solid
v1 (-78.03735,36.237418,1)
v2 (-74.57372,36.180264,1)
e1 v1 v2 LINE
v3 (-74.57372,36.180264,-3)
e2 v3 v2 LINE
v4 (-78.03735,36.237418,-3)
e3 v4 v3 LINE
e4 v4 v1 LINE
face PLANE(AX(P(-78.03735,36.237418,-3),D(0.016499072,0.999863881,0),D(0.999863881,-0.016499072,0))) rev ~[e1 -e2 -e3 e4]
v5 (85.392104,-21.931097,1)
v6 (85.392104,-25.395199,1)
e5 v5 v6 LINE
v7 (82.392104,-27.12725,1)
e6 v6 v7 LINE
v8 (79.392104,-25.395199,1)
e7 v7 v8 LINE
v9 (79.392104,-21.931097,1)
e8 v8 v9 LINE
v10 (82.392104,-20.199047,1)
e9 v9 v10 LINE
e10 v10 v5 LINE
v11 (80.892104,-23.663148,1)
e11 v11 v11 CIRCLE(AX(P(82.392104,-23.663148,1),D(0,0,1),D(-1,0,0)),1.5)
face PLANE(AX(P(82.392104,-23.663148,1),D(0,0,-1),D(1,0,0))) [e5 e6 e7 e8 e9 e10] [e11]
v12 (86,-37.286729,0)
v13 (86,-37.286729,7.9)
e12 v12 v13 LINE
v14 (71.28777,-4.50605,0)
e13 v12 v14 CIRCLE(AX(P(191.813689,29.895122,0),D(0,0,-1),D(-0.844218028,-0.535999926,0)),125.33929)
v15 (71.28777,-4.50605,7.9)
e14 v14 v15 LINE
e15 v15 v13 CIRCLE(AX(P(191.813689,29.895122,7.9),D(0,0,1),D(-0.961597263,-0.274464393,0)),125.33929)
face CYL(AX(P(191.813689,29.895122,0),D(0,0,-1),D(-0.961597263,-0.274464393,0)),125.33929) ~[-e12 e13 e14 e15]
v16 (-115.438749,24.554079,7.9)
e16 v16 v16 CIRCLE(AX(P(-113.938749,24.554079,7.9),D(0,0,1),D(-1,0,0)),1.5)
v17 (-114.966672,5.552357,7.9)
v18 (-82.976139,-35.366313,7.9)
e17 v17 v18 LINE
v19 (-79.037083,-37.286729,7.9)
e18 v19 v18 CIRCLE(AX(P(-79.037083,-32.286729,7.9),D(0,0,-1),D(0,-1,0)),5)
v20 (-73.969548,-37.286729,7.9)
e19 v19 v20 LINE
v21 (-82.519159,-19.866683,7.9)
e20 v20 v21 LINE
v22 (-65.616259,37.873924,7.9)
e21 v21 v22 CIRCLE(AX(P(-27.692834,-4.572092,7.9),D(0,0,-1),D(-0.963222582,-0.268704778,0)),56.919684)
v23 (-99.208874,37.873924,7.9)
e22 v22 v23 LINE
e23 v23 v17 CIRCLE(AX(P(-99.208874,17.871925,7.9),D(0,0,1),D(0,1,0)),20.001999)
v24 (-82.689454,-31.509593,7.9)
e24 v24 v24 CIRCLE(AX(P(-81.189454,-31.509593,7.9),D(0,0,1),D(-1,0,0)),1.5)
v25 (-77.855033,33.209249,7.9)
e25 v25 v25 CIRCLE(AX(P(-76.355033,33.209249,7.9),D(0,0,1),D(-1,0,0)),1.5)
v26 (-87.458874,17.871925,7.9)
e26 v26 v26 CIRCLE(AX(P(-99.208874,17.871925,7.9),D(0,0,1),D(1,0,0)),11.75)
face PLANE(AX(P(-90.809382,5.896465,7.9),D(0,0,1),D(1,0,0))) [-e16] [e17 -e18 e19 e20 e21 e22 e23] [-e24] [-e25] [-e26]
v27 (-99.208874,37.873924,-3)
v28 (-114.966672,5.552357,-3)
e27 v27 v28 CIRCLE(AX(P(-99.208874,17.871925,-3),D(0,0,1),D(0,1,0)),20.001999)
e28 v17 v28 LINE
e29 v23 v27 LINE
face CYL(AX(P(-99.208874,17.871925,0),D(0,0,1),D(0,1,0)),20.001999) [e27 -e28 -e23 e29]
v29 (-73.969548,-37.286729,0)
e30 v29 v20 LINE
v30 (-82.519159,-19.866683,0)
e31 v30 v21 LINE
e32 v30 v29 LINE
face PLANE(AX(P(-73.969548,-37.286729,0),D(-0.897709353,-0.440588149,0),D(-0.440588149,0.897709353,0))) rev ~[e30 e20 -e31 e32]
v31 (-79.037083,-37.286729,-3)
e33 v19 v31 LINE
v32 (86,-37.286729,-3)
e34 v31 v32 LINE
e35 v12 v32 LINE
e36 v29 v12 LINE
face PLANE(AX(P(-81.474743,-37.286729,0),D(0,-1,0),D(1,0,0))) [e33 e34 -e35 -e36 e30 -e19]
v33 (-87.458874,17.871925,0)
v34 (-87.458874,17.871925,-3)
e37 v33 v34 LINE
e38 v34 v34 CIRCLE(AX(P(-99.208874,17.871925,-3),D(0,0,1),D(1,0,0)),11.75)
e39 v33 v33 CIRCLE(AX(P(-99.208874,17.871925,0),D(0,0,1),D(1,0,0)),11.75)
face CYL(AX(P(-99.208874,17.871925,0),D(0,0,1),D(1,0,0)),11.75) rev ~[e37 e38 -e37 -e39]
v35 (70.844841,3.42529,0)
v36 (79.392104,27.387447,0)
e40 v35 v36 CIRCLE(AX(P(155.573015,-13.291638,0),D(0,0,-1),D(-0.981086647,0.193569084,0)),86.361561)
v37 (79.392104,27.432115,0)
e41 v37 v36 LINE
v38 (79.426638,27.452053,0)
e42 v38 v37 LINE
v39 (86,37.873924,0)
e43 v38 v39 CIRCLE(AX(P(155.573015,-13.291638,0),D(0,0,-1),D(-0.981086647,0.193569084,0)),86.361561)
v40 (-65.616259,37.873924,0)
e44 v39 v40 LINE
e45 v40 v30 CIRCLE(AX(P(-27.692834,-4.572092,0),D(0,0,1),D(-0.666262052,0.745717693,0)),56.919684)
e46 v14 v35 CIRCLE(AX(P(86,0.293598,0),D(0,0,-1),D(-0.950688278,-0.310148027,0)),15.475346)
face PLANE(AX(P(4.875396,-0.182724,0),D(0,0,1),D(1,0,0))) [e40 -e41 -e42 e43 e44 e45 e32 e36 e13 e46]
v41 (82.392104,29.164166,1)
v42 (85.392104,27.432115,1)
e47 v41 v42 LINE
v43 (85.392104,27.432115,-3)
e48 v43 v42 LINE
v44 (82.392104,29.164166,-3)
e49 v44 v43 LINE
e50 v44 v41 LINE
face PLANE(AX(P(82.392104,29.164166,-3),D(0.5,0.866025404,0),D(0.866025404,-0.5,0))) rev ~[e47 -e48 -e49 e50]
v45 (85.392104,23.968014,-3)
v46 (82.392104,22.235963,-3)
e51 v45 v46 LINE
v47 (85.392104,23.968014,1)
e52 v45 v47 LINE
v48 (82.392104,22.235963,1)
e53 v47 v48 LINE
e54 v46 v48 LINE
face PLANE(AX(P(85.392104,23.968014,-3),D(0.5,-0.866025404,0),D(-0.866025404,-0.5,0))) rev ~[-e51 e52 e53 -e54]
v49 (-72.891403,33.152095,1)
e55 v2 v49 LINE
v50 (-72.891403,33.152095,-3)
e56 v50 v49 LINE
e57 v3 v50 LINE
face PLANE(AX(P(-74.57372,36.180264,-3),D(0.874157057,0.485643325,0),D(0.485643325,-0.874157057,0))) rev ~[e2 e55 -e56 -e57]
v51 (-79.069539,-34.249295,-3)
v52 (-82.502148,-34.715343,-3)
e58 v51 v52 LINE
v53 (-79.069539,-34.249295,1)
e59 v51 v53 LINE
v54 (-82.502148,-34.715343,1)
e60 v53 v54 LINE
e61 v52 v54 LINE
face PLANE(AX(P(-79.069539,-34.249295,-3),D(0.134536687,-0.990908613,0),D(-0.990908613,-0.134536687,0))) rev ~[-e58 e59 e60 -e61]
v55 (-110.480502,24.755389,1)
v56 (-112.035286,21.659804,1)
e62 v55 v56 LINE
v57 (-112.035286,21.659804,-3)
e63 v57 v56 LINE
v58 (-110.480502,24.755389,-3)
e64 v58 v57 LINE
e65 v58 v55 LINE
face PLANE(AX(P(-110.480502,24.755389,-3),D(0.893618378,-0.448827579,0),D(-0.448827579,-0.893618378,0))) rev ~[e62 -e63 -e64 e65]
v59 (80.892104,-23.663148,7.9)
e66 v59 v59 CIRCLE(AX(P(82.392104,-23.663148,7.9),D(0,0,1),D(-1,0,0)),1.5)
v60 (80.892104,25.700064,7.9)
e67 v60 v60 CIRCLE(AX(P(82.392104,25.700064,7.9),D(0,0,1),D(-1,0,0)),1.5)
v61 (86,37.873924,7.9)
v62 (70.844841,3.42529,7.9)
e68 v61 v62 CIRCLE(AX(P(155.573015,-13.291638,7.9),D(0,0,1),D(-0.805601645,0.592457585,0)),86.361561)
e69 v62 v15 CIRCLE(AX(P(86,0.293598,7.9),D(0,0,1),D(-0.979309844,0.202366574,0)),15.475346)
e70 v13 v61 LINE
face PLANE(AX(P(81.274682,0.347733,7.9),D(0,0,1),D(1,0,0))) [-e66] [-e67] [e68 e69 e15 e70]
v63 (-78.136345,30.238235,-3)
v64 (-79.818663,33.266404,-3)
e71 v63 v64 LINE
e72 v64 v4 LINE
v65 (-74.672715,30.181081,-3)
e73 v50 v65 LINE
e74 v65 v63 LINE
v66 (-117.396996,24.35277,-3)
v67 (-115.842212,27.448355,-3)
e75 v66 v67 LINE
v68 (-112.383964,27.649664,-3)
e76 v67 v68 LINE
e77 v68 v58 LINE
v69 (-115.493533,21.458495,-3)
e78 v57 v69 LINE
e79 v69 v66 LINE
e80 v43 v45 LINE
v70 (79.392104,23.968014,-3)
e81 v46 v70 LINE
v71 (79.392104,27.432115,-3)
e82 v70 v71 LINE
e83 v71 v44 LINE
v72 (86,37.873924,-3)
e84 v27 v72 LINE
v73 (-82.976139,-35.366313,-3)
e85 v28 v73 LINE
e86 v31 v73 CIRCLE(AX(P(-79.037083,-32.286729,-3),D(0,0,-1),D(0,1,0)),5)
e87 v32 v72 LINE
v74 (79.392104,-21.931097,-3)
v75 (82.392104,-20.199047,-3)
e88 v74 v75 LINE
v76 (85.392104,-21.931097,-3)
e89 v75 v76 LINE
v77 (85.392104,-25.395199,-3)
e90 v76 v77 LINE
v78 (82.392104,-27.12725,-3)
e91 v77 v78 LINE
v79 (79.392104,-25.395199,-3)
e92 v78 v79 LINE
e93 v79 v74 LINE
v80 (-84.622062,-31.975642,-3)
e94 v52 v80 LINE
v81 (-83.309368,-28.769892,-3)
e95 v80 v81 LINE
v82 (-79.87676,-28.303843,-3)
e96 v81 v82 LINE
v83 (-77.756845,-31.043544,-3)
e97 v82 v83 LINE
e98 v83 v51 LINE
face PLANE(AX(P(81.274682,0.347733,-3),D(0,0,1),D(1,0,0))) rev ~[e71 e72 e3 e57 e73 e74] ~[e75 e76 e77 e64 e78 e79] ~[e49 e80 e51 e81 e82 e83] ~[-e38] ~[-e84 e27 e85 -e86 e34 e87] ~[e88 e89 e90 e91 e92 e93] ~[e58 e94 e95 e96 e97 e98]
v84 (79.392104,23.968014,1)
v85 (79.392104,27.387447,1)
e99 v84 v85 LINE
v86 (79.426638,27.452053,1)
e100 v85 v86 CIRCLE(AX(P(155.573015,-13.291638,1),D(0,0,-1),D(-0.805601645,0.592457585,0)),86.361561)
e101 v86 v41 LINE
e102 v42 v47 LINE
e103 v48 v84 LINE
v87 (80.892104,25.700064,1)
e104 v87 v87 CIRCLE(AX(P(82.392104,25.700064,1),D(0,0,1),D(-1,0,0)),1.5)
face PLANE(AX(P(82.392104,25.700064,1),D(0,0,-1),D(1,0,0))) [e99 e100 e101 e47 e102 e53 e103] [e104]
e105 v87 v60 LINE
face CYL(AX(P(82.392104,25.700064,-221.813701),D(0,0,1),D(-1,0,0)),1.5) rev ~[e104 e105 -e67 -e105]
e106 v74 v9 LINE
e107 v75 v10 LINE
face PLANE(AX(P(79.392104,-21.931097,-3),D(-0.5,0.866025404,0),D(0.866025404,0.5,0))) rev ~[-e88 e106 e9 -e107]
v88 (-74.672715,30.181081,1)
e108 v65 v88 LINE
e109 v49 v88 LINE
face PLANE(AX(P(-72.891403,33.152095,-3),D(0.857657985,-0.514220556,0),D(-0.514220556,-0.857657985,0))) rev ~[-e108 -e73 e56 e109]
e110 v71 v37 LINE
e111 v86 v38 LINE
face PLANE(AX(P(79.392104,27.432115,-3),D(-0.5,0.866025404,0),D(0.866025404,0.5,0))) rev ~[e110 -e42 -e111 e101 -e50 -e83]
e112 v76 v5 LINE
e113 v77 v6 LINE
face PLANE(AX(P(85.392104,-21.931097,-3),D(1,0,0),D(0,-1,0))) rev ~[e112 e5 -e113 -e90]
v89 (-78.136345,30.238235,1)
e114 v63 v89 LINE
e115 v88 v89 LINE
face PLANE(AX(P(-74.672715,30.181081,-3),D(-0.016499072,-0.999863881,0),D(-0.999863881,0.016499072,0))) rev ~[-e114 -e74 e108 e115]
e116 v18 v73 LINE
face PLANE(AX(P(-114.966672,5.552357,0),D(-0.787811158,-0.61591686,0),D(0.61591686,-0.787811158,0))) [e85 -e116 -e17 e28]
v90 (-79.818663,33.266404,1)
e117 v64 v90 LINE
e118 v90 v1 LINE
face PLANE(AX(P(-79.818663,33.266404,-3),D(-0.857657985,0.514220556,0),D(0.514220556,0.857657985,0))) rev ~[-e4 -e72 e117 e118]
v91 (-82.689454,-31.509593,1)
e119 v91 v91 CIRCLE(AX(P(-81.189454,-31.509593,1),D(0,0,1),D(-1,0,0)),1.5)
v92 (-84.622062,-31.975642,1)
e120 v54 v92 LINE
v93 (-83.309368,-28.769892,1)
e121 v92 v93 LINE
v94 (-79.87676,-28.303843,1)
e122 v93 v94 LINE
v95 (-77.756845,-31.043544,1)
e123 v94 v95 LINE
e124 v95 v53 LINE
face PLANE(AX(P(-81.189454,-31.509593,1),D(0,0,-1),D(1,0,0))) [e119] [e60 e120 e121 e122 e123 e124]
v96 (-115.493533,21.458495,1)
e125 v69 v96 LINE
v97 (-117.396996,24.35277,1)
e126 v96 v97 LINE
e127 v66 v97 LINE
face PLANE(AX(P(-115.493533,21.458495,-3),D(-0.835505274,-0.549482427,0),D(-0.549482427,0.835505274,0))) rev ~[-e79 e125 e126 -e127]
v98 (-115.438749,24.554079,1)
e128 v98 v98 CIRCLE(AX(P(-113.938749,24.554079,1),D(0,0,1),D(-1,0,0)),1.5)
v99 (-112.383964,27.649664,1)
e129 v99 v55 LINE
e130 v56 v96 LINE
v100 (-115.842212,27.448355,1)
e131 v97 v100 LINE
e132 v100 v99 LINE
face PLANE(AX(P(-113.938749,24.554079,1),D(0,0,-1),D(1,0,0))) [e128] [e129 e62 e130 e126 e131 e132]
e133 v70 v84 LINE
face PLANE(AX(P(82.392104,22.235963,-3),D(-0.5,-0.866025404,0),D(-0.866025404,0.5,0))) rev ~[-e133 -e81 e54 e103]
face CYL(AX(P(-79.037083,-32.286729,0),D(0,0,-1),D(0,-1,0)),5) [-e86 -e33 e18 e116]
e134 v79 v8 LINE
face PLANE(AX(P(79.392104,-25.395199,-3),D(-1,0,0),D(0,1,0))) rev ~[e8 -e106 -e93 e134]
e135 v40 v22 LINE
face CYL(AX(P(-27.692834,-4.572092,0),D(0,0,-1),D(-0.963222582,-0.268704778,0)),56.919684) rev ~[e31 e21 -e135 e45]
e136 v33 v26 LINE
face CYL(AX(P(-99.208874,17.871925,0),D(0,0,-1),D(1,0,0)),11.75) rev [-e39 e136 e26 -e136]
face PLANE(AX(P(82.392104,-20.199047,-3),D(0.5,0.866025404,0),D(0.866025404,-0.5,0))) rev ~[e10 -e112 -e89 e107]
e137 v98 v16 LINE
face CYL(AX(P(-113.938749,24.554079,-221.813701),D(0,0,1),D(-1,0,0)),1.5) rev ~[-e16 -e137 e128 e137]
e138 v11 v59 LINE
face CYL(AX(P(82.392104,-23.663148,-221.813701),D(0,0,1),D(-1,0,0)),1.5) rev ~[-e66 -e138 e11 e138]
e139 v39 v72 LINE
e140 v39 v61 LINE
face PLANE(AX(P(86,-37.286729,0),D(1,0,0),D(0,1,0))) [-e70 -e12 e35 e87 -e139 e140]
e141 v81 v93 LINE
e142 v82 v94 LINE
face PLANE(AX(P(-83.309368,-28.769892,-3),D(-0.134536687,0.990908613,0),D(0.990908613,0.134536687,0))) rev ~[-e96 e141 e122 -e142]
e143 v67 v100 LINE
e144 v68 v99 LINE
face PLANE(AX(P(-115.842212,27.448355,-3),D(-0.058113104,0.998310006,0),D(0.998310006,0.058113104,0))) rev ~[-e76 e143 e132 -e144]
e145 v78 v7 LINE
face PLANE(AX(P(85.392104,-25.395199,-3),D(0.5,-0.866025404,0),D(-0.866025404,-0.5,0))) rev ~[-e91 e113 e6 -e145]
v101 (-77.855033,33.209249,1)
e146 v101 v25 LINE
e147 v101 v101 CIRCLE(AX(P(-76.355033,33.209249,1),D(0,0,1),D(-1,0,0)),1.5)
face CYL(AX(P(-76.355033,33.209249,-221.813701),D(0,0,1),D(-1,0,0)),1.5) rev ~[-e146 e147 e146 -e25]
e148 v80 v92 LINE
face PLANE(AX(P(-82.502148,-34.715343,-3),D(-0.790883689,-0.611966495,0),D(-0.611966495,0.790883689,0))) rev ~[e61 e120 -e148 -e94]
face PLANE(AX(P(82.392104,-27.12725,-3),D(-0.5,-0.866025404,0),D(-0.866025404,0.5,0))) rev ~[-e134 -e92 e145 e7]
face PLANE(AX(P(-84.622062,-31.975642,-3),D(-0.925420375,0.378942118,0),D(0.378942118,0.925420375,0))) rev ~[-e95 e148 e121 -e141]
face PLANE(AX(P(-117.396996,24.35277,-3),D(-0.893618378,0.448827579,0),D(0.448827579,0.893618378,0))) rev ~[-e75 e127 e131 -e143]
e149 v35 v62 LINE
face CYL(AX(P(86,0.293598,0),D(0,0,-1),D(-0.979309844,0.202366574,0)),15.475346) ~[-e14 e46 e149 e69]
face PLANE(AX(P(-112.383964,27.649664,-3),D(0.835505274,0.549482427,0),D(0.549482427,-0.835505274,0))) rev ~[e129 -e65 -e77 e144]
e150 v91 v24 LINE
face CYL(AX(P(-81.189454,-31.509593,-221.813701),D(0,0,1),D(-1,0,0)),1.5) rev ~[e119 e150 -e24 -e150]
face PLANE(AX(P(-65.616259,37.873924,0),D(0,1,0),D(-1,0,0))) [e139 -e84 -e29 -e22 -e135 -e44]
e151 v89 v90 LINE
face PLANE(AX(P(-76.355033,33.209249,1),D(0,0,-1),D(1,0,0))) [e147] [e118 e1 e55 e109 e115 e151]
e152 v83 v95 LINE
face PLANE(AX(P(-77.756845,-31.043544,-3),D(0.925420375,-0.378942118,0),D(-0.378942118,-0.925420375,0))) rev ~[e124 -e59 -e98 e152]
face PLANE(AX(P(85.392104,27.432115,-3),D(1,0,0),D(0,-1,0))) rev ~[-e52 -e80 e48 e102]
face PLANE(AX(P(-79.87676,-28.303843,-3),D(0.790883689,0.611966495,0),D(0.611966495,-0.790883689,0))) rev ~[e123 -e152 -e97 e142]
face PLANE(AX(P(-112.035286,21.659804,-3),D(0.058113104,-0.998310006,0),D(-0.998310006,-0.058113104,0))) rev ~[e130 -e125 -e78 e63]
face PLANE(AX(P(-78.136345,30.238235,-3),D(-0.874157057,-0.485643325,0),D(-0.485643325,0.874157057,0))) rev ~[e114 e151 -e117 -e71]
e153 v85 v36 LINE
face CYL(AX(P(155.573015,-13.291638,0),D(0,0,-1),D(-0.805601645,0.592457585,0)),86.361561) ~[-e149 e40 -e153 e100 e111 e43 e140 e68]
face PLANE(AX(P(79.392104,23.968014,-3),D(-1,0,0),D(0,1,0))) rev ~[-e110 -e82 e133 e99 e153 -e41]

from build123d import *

# Parameters (mm, degrees)
F2_DEPTH  = 3
F0_R      = 11.75
F3_DEPTH  = 7.9
F4_DEPTH  = 7.9
F5_DEPTH  = 3
F6_R      = 5
F6_2_R    = 5
F9_D      = 3
F10_DEPTH = 4
F11_DEPTH = 4


with BuildPart() as f2:
    # F0 (on Top) → F2 (new body)
    with BuildSketch(Plane.XY):
        with BuildLine():
            ThreePointArc((70.8448413014, 3.4252903424), (76.5230858808, 21.4851908555), (86, 37.8739237785))
            Line((86, 37.8739237785), (-65.6162592679, 37.8739237785))
            ThreePointArc((-65.6162592679, 37.8739237785), (-82.3199649398, 11.4193737584), (-82.519158721, -19.8666825891))
            Line((-82.519158721, -19.8666825891), (-73.9695476283, -37.2867286205))
            Line((-73.9695476283, -37.2867286205), (86, -37.2867286205))
            ThreePointArc((86, -37.2867286205), (77.4631412951, -21.4263167299), (71.2877699379, -4.5060504646))
            ThreePointArc((71.2877699379, -4.5060504646), (70.5487291916, -0.5692843065), (70.8448413014, 3.4252903424))
        make_face()
    extrude(amount=-F2_DEPTH)


with BuildPart() as f3:
    # F0 (on Top) → F3 (new body)
    with BuildSketch(Plane.XY):
        with BuildLine():
            ThreePointArc((-82.519158721, -19.8666825891), (-82.3199649398, 11.4193737584), (-65.6162592679, 37.8739237785))
            Line((-65.6162592679, 37.8739237785), (-99.2088739193, 37.8739237785))
            ThreePointArc((-99.2088739193, 37.8739237785), (-117.1879721114, 26.6373104948), (-114.9666717313, 5.5523567478))
            Line((-114.9666717313, 5.5523567478), (-81.4747432756, -37.2867286205))
            Line((-81.4747432756, -37.2867286205), (-73.9695476283, -37.2867286205))
            Line((-73.9695476283, -37.2867286205), (-82.519158721, -19.8666825891))
        make_face()
        with Locations((-99.2088739193, 17.8719250206)):
            Circle(F0_R, mode=Mode.SUBTRACT)
    extrude(amount=F3_DEPTH)


with BuildPart() as f4:
    # F0 (on Top) → F4 (new body)
    with BuildSketch(Plane.XY):
        with BuildLine():
            Line((86, -37.2867286205), (86, 37.8739237785))
            ThreePointArc((86, 37.8739237785), (76.5230858808, 21.4851908555), (70.8448413014, 3.4252903424))
            ThreePointArc((70.8448413014, 3.4252903424), (70.5487291916, -0.5692843065), (71.2877699379, -4.5060504646))
            ThreePointArc((71.2877699379, -4.5060504646), (77.4631412951, -21.4263167299), (86, -37.2867286205))
        make_face()
    extrude(amount=F4_DEPTH)


with BuildPart() as f5:
    # F5 (new): a face of the model
    f5_faces = [f3.part.faces().sort_by_distance(p)[0] for p in [
        (-83.2059045041, 11.6787223922, 0),
    ]]
    extrude(f5_faces, amount=F5_DEPTH)

    # F6#2
    f6_2_edges = [f5.edges().sort_by_distance(p)[0] for p in [
        (-81.474743, -37.286729, -1.5),
    ]]
    fillet(f6_2_edges, radius=F6_2_R)


with BuildPart() as f5b:
    # F5#2 (new): a face of the model
    f5_2_faces = [f4.part.faces().sort_by_distance(p)[0] for p in [
        (80.189714527, 0.7740894227, 0),
    ]]
    extrude(f5_2_faces, amount=F5_DEPTH)


with BuildPart() as f3_1:
    add(f3.part)

    # F6
    f6_edges = [f3_1.edges().sort_by_distance(p)[0] for p in [
        (-81.474743, -37.286729, 3.95),
    ]]
    fillet(f6_edges, radius=F6_R)


with BuildPart() as f2_1:
    add(f2.part)

    # F7: union F3, F4, F5, F5b
    add(f3_1.part)
    add(f4.part)
    add(f5.part)
    add(f5b.part)

    # F9 (through all)
    with Locations(Plane(origin=(0, 0, -3), x_dir=(1, 0, 0), z_dir=(0, 0, -1))):
        with Locations((-81.1894536018, 31.5095931292), (-113.9387488365, -24.5540793985), (-76.3550326228, -33.2092493773), (82.3921039701, 23.663148284), (82.3921039701, -25.700064376)):
            Hole(F9_D / 2)

    # F8 (on face) → F10 (cut)
    with BuildSketch(Plane(origin=(0, 0, -3), x_dir=(1, 0, 0), z_dir=(0, 0, -1))):
        Polygon((-74.5737203647, -36.1802637897), (-72.8914025376, -33.1520949158), (-74.6727147957, -30.1810805034), (-78.136344881, -30.2382349648), (-79.8186627081, -33.2664038387), (-78.0373504499, -36.2374182511), align=None)
        Polygon((85.3921039701, 21.9310974764), (85.3921039701, 25.3951990915), (82.3921039701, 27.1272498991), (79.3921039701, 25.3951990915), (79.3921039701, 21.9310974764), (82.3921039701, 20.1990466688), align=None)
        Polygon((85.3921039701, -27.4321151836), (85.3921039701, -23.9680135684), (82.3921039701, -22.2359627609), (79.3921039701, -23.9680135684), (79.3921039701, -27.4321151836), (82.3921039701, -29.1641659911), align=None)
        Polygon((-79.8767595984, 28.3038429122), (-77.7568454741, 31.043544375), (-79.0695394775, 34.249294592), (-82.5021476052, 34.7153433461), (-84.6220617296, 31.9756418833), (-83.3093677262, 28.7698916664), align=None)
        Polygon((-110.4805015339, -24.7553890954), (-112.0352858737, -21.6598042304), (-115.4935331763, -21.4584945334), (-117.3969961391, -24.3527697016), (-115.8422117994, -27.4483545667), (-112.3839644968, -27.6496642636), align=None)
    extrude(amount=-F10_DEPTH, mode=Mode.SUBTRACT)

    # F8 (on face) → F11 (cut)
    with BuildSketch(Plane(origin=(0, 0, -3), x_dir=(1, 0, 0), z_dir=(0, 0, -1))):
        Polygon((-74.5737203647, -36.1802637897), (-72.8914025376, -33.1520949158), (-74.6727147957, -30.1810805034), (-78.136344881, -30.2382349648), (-79.8186627081, -33.2664038387), (-78.0373504499, -36.2374182511), align=None)
        Polygon((85.3921039701, 21.9310974764), (85.3921039701, 25.3951990915), (82.3921039701, 27.1272498991), (79.3921039701, 25.3951990915), (79.3921039701, 21.9310974764), (82.3921039701, 20.1990466688), align=None)
        Polygon((85.3921039701, -27.4321151836), (85.3921039701, -23.9680135684), (82.3921039701, -22.2359627609), (79.3921039701, -23.9680135684), (79.3921039701, -27.4321151836), (82.3921039701, -29.1641659911), align=None)
        Polygon((-79.8767595984, 28.3038429122), (-77.7568454741, 31.043544375), (-79.0695394775, 34.249294592), (-82.5021476052, 34.7153433461), (-84.6220617296, 31.9756418833), (-83.3093677262, 28.7698916664), align=None)
        Polygon((-110.4805015339, -24.7553890954), (-112.0352858737, -21.6598042304), (-115.4935331763, -21.4584945334), (-117.3969961391, -24.3527697016), (-115.8422117994, -27.4483545667), (-112.3839644968, -27.6496642636), align=None)
    extrude(amount=-F11_DEPTH, mode=Mode.SUBTRACT)


solid = f2_1.part
